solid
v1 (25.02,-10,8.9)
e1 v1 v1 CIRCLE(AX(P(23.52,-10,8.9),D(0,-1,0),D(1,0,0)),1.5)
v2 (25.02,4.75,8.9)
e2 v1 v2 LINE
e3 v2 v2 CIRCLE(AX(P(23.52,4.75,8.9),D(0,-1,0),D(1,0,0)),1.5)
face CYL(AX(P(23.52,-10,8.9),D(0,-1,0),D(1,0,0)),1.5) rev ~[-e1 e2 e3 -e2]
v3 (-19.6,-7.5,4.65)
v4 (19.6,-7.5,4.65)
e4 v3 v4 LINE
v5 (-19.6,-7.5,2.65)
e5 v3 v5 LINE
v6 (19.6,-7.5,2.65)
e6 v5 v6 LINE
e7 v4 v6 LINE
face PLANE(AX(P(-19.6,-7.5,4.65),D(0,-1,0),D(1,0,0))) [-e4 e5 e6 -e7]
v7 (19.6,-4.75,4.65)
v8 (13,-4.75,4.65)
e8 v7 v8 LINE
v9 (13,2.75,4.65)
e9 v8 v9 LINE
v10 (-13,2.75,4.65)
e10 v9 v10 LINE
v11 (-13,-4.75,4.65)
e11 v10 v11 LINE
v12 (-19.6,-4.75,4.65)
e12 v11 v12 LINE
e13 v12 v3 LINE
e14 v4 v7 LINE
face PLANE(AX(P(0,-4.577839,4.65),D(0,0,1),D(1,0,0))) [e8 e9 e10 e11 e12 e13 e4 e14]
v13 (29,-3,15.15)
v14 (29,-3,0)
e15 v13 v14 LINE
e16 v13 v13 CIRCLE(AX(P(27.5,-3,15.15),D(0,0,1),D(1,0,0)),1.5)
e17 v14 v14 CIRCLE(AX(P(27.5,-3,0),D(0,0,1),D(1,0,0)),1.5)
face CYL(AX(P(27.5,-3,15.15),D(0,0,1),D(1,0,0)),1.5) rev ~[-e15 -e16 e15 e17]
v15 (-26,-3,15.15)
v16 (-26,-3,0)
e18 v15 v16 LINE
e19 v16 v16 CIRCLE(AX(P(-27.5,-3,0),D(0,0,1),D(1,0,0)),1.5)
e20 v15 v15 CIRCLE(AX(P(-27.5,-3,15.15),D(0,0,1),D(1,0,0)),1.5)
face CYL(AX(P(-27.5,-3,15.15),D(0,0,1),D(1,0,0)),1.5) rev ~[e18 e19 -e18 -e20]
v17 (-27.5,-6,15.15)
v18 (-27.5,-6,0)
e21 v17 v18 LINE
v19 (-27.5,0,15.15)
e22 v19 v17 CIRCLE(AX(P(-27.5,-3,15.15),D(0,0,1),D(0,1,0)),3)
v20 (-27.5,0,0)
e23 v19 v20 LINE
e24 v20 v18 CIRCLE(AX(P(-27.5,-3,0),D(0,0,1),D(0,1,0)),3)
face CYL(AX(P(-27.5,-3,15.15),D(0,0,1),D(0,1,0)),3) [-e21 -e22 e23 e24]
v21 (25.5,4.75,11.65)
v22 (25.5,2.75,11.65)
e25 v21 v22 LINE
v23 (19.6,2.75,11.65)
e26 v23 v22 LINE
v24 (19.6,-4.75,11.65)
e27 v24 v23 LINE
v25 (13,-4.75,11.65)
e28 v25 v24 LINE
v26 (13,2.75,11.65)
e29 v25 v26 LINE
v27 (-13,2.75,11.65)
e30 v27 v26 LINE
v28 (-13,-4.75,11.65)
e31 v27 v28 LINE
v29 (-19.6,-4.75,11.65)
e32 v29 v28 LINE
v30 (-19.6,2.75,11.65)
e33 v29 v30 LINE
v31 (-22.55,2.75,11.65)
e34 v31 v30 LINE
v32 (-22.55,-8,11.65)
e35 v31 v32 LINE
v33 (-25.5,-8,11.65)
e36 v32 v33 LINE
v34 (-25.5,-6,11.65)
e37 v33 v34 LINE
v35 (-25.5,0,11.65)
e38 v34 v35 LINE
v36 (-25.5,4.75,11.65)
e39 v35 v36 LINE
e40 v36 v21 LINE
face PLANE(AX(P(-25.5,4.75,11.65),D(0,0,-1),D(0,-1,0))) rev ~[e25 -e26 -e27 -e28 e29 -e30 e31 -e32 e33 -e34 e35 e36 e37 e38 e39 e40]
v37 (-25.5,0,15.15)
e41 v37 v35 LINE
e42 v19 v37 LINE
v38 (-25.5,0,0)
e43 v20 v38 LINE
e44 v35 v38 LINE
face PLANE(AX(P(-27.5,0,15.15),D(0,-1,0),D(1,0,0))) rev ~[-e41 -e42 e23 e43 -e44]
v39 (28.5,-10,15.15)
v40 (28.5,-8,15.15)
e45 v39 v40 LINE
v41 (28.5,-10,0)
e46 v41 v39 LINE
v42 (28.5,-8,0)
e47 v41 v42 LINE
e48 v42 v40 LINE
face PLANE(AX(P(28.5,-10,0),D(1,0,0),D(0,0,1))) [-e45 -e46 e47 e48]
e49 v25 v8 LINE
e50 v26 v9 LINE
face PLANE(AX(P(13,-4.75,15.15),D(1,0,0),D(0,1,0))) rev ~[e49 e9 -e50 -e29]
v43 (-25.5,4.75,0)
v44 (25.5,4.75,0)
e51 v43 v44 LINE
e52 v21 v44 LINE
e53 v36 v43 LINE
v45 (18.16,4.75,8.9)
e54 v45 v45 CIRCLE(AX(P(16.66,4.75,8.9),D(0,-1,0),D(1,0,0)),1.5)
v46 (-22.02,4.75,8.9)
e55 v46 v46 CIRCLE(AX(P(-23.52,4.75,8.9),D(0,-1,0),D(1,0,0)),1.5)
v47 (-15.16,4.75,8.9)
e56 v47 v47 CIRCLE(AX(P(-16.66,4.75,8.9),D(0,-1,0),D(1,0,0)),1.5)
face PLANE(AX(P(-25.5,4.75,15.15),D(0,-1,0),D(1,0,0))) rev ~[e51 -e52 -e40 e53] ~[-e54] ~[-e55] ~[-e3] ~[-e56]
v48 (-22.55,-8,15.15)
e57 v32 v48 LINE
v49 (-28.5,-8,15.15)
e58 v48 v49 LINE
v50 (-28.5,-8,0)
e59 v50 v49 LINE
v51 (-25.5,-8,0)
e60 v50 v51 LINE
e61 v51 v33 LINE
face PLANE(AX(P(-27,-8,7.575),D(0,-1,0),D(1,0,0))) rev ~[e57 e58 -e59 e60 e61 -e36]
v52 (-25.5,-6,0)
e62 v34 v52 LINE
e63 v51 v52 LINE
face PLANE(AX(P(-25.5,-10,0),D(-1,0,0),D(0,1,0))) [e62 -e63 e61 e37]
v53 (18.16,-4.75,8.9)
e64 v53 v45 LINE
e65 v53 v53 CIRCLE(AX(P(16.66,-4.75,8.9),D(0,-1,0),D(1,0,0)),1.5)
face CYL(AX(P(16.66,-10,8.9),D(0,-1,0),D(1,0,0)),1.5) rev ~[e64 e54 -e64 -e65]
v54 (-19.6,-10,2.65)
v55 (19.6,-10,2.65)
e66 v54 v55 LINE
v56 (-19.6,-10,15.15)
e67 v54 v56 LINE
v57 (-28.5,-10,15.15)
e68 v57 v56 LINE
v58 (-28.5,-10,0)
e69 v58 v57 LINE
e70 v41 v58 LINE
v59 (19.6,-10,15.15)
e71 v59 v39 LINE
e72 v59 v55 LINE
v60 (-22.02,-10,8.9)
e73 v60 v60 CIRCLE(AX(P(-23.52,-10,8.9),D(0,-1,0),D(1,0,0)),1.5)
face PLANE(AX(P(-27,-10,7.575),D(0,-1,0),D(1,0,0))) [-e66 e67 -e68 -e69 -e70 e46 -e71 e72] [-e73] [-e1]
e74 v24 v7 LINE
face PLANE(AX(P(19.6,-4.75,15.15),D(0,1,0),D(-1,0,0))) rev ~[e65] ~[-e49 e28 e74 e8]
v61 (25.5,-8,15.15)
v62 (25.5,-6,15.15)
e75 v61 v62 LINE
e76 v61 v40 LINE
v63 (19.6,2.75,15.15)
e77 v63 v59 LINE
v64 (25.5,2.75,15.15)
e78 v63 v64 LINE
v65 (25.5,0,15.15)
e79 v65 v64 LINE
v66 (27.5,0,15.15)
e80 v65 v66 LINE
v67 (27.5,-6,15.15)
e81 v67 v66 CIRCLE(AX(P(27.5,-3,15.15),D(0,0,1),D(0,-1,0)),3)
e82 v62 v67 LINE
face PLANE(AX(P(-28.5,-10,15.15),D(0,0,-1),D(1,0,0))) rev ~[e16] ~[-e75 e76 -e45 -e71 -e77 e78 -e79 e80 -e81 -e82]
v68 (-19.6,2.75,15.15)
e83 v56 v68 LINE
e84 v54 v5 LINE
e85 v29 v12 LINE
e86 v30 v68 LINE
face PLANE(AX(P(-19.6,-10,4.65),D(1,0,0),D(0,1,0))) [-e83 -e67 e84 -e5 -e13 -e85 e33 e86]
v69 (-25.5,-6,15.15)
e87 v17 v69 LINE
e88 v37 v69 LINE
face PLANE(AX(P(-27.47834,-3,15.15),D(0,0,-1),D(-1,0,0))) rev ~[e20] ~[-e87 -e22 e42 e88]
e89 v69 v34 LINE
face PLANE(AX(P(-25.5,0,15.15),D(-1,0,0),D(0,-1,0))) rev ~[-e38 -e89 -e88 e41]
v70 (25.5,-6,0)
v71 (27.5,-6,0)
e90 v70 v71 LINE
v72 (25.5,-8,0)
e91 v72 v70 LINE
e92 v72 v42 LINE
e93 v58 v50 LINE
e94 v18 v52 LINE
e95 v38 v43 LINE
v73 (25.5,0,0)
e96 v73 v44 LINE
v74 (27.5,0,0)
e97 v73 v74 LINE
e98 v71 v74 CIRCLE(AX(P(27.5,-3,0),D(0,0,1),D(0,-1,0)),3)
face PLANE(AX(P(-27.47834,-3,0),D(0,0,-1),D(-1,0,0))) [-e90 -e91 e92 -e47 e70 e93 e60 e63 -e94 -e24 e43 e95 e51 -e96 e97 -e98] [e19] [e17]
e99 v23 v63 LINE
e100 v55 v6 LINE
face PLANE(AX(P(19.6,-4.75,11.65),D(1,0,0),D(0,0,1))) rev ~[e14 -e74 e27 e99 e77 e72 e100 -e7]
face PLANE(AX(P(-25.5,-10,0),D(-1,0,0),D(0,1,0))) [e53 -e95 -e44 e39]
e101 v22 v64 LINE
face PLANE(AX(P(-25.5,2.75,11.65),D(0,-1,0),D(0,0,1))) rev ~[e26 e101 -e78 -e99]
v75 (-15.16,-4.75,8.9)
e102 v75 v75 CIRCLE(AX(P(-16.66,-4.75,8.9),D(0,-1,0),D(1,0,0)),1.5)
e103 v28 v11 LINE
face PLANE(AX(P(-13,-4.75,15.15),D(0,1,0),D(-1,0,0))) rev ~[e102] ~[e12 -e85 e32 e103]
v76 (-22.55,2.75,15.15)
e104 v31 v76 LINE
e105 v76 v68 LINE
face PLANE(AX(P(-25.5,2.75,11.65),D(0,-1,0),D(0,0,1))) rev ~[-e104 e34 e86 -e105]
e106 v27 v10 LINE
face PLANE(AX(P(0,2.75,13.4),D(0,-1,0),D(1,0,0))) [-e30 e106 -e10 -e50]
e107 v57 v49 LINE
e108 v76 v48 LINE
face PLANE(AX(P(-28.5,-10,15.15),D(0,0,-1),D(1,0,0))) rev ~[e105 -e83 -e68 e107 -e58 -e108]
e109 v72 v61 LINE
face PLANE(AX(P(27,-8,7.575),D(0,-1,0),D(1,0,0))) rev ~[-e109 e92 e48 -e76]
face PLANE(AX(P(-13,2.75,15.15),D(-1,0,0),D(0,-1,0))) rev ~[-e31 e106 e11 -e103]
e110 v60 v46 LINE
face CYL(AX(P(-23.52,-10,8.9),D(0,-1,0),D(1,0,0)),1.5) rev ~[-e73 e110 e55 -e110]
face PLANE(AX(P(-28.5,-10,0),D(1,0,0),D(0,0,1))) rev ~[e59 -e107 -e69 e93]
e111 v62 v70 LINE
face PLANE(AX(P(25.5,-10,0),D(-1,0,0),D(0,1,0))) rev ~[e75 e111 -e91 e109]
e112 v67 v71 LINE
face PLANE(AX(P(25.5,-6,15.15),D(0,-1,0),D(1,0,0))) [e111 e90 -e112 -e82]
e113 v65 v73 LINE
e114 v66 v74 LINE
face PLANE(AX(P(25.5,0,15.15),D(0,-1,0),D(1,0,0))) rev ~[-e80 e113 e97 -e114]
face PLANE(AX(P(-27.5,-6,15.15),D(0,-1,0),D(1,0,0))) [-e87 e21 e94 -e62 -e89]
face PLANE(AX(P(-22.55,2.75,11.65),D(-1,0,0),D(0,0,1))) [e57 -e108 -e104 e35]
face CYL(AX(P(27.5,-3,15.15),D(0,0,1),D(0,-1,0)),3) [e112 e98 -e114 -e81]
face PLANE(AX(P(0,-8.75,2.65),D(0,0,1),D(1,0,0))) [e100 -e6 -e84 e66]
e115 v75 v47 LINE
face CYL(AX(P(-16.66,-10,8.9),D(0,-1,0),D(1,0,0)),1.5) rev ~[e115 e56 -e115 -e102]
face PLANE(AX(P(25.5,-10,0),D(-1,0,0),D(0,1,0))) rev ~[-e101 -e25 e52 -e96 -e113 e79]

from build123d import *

# Parameters (mm, degrees)
SKETCH_W        = 51
SKETCH_H        = 20
PAD_DEPTH       = 15.15
POCKET_DEPTH    = 10.5
SKETCH002_W     = 39.2
SKETCH002_H     = 2.5
POCKET001_DEPTH = 2
SKETCH011_W     = 51
SKETCH011_H     = 5.25
POCKET002_DEPTH = 15.151
SKETCH012_W     = 3
SKETCH012_H     = 15.15
PAD005_DEPTH    = 2
SKETCH013_R     = 1.5
POCKET003_DEPTH = 14.751
SKETCH014_W     = 39.2
SKETCH014_H     = 3.5
POCKET004_DEPTH = 7.5
SKETCH015_W     = 2
SKETCH015_H     = 3.5
POCKET005_DEPTH = 54.001
SKETCH016_W     = 2.95
SKETCH016_H     = 3.5
POCKET006_DEPTH = 10.75
SKETCH017_R     = 1.5
PAD006_DEPTH    = 15.15


with BuildPart() as part:
    # Sketch → Pad (new body)
    with BuildSketch(Plane.XY):
        Rectangle(SKETCH_W, SKETCH_H)
    extrude(amount=PAD_DEPTH)

    # Sketch001 (on Face6 of Pad) → Pocket (cut)
    with BuildSketch(Plane.XY.offset(15.15)):
        Polygon((-19.6, -10), (19.6, -10), (19.6, -4.75), (13, -4.75), (13, 2.75), (-13, 2.75), (-13, -4.75), (-19.6, -4.75), align=None)
    extrude(amount=-POCKET_DEPTH, mode=Mode.SUBTRACT)

    # Sketch002 (on Face14 of Pocket) → Pocket001 (cut)
    with BuildSketch(Plane.XY.offset(4.65)):
        with Locations((0, -8.75)):
            Rectangle(SKETCH002_W, SKETCH002_H)
    extrude(amount=-POCKET001_DEPTH, mode=Mode.SUBTRACT)

    # Sketch011 (on Face5 of Pocket001) → Pocket002 (cut, through all)
    with BuildSketch(Plane.XY.offset(15.15)):
        with Locations((0, 7.375)):
            Rectangle(SKETCH011_W, SKETCH011_H)
    extrude(amount=-POCKET002_DEPTH, mode=Mode.SUBTRACT)

    # Sketch012 (on Face5 of Pocket002) → Pad005 (join)
    with BuildSketch(Plane.XZ.offset(10)):
        with Locations((-27, 7.575)):
            Rectangle(SKETCH012_W, SKETCH012_H)
        with Locations((27, 7.575)):
            Rectangle(SKETCH012_W, SKETCH012_H)
    extrude(amount=-PAD005_DEPTH)

    # Sketch013 (on Face8 of Pad005) → Pocket003 (cut, through all)
    with BuildSketch(Plane.XZ.offset(10)):
        with Locations((-23.52, 8.9)):
            Circle(SKETCH013_R)
        with Locations((-16.66, 8.9)):
            Circle(SKETCH013_R)
        with Locations((16.66, 8.9)):
            Circle(SKETCH013_R)
        with Locations((23.52, 8.9)):
            Circle(SKETCH013_R)
    extrude(amount=-POCKET003_DEPTH, mode=Mode.SUBTRACT)

    # Sketch014 (on Face20 of Pocket003) → Pocket004 (cut)
    with BuildSketch(Plane.XZ.offset(4.75)):
        with Locations((0, 13.4)):
            Rectangle(SKETCH014_W, SKETCH014_H)
    extrude(amount=-POCKET004_DEPTH, mode=Mode.SUBTRACT)

    # Sketch015 (on Face1 of Pocket004) → Pocket005 (cut, through all)
    with BuildSketch(Plane(origin=(-25.5, 0, 0), x_dir=(0, -1, 0), z_dir=(-1, 0, 0))):
        with Locations((-3.75, 13.4)):
            Rectangle(SKETCH015_W, SKETCH015_H)
    extrude(amount=-POCKET005_DEPTH, mode=Mode.SUBTRACT)

    # Sketch016 (on Face5 of Pocket005) → Pocket006 (cut)
    with BuildSketch(Plane(origin=(0, 2.75, 0), x_dir=(-1, 0, 0), z_dir=(0, 1, 0))):
        with Locations((24.025, 13.4)):
            Rectangle(SKETCH016_W, SKETCH016_H)
    extrude(amount=-POCKET006_DEPTH, mode=Mode.SUBTRACT)

    # Sketch017 (on Face25 of Pocket006) → Pad006 (join)
    with BuildSketch(Plane.XY.offset(15.15)):
        with BuildLine():
            Line((-25.5, 0), (-25.5, -6))
            Line((-27.5, -6), (-25.5, -6))
            ThreePointArc((-27.5, 0), (-30.5, -3), (-27.5, -6))
            Line((-27.5, 0), (-25.5, 0))
        make_face()
        with Locations((-27.5, -3)):
            Circle(SKETCH017_R, mode=Mode.SUBTRACT)
        with BuildLine():
            Line((25.5, 0), (25.5, -6))
            Line((25.5, -6), (27.5, -6))
            ThreePointArc((27.5, -6), (30.5, -3), (27.5, 0))
            Line((25.5, 0), (27.5, 0))
        make_face()
        with Locations((27.5, -3)):
            Circle(SKETCH017_R, mode=Mode.SUBTRACT)
    extrude(amount=-PAD006_DEPTH)


solid = part.part
